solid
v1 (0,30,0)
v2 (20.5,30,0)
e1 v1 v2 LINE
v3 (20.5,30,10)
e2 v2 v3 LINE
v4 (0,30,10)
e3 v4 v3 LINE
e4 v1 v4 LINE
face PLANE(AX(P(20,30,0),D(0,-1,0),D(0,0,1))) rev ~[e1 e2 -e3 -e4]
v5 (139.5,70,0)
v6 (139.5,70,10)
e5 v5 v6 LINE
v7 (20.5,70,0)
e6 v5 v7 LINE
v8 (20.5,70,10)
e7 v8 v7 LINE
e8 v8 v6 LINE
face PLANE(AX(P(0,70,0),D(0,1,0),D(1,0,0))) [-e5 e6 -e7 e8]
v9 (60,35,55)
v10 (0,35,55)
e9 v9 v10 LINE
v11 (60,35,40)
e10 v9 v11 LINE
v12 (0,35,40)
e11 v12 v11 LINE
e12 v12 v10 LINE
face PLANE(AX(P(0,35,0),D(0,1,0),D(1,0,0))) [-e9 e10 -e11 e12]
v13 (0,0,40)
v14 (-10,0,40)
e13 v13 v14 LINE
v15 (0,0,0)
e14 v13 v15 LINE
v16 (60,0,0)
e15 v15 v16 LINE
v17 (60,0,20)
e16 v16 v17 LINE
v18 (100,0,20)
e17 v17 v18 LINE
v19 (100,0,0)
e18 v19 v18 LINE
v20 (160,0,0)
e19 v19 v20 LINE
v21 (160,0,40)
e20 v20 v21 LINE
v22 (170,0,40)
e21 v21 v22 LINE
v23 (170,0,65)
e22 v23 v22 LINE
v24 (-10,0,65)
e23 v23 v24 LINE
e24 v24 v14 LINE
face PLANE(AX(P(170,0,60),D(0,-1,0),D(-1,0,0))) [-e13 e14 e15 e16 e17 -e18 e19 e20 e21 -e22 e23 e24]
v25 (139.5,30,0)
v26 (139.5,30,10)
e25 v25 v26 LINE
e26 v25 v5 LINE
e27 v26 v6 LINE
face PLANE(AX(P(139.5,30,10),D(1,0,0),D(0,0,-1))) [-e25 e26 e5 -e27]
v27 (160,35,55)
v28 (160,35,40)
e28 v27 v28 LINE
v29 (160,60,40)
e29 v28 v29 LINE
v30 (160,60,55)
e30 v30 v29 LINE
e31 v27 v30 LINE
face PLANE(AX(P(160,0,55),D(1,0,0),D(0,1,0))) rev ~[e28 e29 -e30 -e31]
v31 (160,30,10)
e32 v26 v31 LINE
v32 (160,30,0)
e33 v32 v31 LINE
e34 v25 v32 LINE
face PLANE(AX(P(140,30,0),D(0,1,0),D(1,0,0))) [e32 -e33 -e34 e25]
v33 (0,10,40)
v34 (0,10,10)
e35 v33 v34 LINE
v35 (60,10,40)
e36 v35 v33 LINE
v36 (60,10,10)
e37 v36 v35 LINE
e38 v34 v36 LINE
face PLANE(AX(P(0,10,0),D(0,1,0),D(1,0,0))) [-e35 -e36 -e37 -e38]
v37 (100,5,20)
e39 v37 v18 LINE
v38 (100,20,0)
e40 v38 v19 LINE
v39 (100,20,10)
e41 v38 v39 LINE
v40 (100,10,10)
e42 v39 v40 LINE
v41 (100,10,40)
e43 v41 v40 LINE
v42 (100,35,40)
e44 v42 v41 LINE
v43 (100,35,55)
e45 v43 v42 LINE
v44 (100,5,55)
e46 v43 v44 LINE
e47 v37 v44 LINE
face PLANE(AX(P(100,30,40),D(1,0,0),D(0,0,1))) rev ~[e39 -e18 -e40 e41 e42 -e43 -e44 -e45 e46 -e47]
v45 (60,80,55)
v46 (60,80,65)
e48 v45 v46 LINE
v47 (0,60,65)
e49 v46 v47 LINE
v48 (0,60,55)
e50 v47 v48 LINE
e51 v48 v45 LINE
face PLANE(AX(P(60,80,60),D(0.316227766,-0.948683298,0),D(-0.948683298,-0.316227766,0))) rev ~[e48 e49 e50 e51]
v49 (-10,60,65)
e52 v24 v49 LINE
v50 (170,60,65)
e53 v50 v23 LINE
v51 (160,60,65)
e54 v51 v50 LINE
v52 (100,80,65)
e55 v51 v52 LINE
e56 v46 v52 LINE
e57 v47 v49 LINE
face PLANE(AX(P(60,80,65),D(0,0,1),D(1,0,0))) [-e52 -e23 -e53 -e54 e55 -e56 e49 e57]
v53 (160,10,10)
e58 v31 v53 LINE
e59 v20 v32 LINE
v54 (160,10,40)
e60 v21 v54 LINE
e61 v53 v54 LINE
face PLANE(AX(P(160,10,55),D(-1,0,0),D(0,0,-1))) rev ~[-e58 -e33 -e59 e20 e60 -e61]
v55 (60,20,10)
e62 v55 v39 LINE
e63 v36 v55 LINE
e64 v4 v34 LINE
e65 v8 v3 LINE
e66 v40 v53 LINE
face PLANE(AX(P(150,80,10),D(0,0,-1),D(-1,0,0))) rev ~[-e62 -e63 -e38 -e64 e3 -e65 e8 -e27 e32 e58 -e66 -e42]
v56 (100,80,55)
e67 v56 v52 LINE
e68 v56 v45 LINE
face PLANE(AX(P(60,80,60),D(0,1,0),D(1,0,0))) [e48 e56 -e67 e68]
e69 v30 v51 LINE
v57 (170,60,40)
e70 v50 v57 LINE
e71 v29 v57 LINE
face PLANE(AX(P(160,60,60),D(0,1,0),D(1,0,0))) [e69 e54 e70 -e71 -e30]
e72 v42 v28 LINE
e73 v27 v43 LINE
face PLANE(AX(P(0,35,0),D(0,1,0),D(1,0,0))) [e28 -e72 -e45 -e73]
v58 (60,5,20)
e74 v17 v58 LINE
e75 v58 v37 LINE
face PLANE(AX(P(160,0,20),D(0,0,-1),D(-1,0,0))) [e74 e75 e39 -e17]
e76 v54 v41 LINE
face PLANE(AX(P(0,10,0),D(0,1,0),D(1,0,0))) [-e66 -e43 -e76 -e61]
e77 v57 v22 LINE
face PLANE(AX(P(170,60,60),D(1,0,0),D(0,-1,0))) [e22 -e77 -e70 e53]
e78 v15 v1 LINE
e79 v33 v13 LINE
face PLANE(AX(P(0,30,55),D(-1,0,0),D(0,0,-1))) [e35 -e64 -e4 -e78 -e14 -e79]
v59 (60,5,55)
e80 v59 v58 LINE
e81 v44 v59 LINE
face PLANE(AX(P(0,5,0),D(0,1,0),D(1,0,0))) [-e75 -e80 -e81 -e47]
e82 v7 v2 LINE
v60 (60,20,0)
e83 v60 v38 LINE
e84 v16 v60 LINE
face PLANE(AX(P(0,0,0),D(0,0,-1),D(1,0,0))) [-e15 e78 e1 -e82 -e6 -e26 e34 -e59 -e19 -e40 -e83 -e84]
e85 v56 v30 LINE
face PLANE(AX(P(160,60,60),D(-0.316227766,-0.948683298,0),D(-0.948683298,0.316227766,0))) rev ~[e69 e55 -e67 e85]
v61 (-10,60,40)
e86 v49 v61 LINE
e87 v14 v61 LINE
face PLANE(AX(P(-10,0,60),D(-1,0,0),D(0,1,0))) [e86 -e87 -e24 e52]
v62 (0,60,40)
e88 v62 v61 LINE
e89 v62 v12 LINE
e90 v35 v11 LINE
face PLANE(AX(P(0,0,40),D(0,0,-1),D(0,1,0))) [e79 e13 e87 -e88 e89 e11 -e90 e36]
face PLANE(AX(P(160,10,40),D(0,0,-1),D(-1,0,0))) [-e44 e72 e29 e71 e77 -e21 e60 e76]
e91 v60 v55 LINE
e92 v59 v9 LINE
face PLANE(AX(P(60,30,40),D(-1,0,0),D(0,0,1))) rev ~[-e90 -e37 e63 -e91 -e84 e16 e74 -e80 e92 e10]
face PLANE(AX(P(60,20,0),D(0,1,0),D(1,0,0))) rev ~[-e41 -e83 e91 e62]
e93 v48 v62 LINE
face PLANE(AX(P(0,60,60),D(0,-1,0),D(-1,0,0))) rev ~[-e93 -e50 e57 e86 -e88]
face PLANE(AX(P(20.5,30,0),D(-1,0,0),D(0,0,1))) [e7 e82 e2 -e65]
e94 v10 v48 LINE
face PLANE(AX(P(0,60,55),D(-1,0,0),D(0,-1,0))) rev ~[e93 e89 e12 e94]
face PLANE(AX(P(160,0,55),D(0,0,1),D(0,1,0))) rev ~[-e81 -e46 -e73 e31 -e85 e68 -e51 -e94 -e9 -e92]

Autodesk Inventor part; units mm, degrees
ref_plane "YZ Plane" through (0, 0, 0) normal (1, 0, 0) x (0, 1, 0)
ref_plane "XZ Plane" through (0, 0, 0) normal (0, 1, 0) x (-1, 0, 0)
ref_plane "XY Plane" through (0, 0, 0) normal (0, 0, 1) x (1, 0, 0)
sketch "Sketch1" plane through (0, 0, 0) normal (0, 1, 0) x (-1, 0, 0)
  line L0 (0, 0) -> (-160, 0)
  line L1 (-160, 0) -> (-160, 60)
  line L2 (-160, 60) -> (0, 60)
  line L3 (0, 60) -> (0, 0)
  dimension "d0" = 160
  dimension "d1" = 60
extrude "Extrusion1" add sketch "Sketch1" along normal blind 80
sketch "Sketch2" plane through (0, 80, 0) normal (0, 1, 0) x (1, 0, 0)
  line L0 (160, 0) -> (0, 0) projected
  line L1 (160, 0) -> (150, 0)
  line L2 (150, 0) -> (150, -10)
  line L3 (150, -10) -> (160, -10)
  line L4 (160, -10) -> (160, 0)
  line L5 (160, -10) -> (0, -10)
  line L6 (0, -10) -> (0, -40)
  line L7 (0, -40) -> (160, -40)
  line L8 (160, -40) -> (160, -10)
  dimension "d4" = 10
  dimension "d5" = 10
  dimension "d6" = 160
  dimension "d7" = 30
extrude "Extrusion2" cut sketch "Sketch2" against normal blind 70 contours L8 L7 L6 L5 L3
sketch "Sketch3" plane through (0, 80, 0) normal (0, 1, 0) x (1, 0, 0)
  line L0 (160, -40) -> (0, -40) projected
  line L1 (0, -40) -> (160, -40)
  line L2 (160, -40) -> (160, -50)
  line L3 (160, -50) -> (0, -50)
  line L4 (0, -50) -> (0, -40)
  point P0 (0, 0)
  dimension "d10" = 160
  dimension "d11" = 10
extrude "Extrusion3" cut sketch "Sketch3" against normal blind 10
sketch "Sketch4" plane through (160, 10, 40) normal (0, 0, -1) x (-1, 0, 0)
  line L0 (0, 0) -> (160, 0) projected
  arc A0 (160, 0) -> (0, 0) centre (80, -23.3333) ccw
  line L1 (0, 0) -> (0, 60) projected
  line L2 (0, 0) -> (0, 60)
  line L3 (0, 60) -> (80, 60)
  line L4 (160, 60) -> (0, 60) projected
  line L5 (160, 60) -> (160, 0) projected
  line L6 (160, 0) -> (160, 60)
  line L7 (160, 60) -> (80, 60)
  point P0 (160, -10)
extrude "Extrusion4" cut sketch "Sketch4" against normal blind 10 contours L1 L3 A0 | A0 L4 L5
sketch "Sketch5" plane through (160, 0, 0) normal (0, 0, -1) x (-1, 0, 0)
  line L0 (0, 80) -> (160, 80) projected
  line L1 (0, 80) -> (20, 80)
  line L2 (20, 80) -> (20, 30)
  line L3 (20, 30) -> (0, 30)
  line L4 (0, 30) -> (0, 80)
  line L5 (160, 10) -> (160, 80) projected
  line L6 (160, 80) -> (140, 80)
  line L7 (140, 80) -> (140, 30)
  line L8 (140, 30) -> (160, 30)
  line L9 (160, 30) -> (160, 80)
  point P0 (160, 0)
  dimension "d16" = 20
  dimension "d17" = 50
  dimension "d18" = 20
  dimension "d19" = 50
extrude "Extrusion5" cut sketch "Sketch5" against normal blind 10
sketch "Sketch6" plane through (0, 80, 0) normal (0, 1, 0) x (1, 0, 0)
  line L0 (20, 0) -> (20, -10) projected
  line L1 (20, -10) -> (140, -10)
  line L2 (140, -10) -> (140, 0)
  line L3 (140, 0) -> (20, 0)
  line L4 (20, 0) -> (20, -10)
  point P0 (0, 0)
  dimension "d22" = 120
  dimension "d23" = 10
extrude "Extrusion6" cut sketch "Sketch6" against normal blind 10
sketch "Sketch7" plane through (160, 80, 50) normal (0, 0, -1) x (-1, 0, 0)
  line L0 (0, 0) -> (0, -20)
  line L1 (0, -70) -> (0, 0) projected
  line L2 (0, -20) -> (0, 0)
  line L3 (160, 0) -> (0, 0) projected
  line L4 (0, 0) -> (60, 0)
  line L5 (60, 0) -> (0, -20)
  line L6 (0, 0) -> (160, 0) projected
  line L7 (160, 0) -> (160, -20)
  line L8 (160, 0) -> (160, -70) projected
  line L9 (160, 0) -> (100, 0)
  line L10 (100, 0) -> (160, -20)
  point P0 (160, -80)
  dimension "d26" = 20
  dimension "d27" = 60
  dimension "d28" = 20
  dimension "d29" = 60
extrude "Extrusion7" cut sketch "Sketch7" against normal blind 10
sketch "Sketch8" plane through (140, 30, 10) normal (1, 0, 0) x (0, 0, -1)
  line L0 (10, 40) -> (0, 40) projected
  line L1 (10, 0) -> (10, 40) projected
  line L2 (0, 40) -> (10, 40)
  line L3 (10, 40) -> (10, 0)
  line L4 (10, 0) -> (0, 0)
  line L5 (0, 0) -> (0, 40)
  point P0 (10, -30)
extrude "Extrusion8" cut sketch "Sketch8" against normal blind 0.5
sketch "Sketch9" plane through (20, 30, 0) normal (-1, 0, 0) x (0, 0, 1)
  line L0 (10, 40) -> (10, 0) projected
  line L1 (0, 0) -> (10, 0) projected
  line L2 (10, 40) -> (0, 40)
  line L3 (0, 40) -> (0, 0)
  line L4 (0, 0) -> (10, 0)
  line L5 (10, 0) -> (10, 40)
  point P0 (0, -30)
extrude "Extrusion9" cut sketch "Sketch9" against normal blind 0.5
sketch "Sketch11" plane through (80, -13.3333, 40) normal (0, 0, -1) x (-1, 0, 0)
  line L0 (-80, 23.3333) -> (-80, 73.3333) projected
  arc A0 (80, 23.3333) -> (-80, 23.3333) centre (0, 0) ccw
  line L1 (-80, 23.3333) -> (80, 23.3333) projected
  line L2 (-80, 23.3333) -> (80, 23.3333)
  point P0 (80, 13.3333)
extrude "Extrusion10" cut sketch "Sketch11" against normal blind 10
sketch "Sketch12" plane through (160, 10, 50) normal (0, 0, -1) x (-1, 0, 0)
  line L0 (60, 70) -> (0, 50) projected
  line L1 (0, 0) -> (0, 50) projected
  line L2 (160, 0) -> (0, 0) projected
  line L3 (160, 50) -> (160, 0) projected
  line L4 (160, 50) -> (100, 70) projected
  line L5 (60, 70) -> (100, 70) projected
  point P0 (160, -10)
extrude "Extrusion11" cut sketch "Sketch12" against normal blind 5
sketch "Sketch13" plane through (0, 10, 0) normal (0, 1, 0) x (1, 0, 0)
  line L0 (0, -55) -> (160, -55)
  line L1 (160, -55) -> (160, -40)
  line L2 (160, -40) -> (0, -40)
  line L3 (0, -40) -> (0, -55)
  point P0 (0, 0)
  dimension "d40" = 160
  dimension "d41" = 15
extrude "Extrusion12" add sketch "Sketch13" along normal blind 20
sketch "Sketch14" plane through (0, 30, 0) normal (0, 1, 0) x (1, 0, 0)
  line L0 (0, -40) -> (160, -40) projected
  line L1 (160, -40) -> (100, -40)
  line L2 (100, -40) -> (100, -55)
  line L3 (100, -55) -> (160, -55)
  line L4 (160, -55) -> (160, -40)
  line L5 (0, -40) -> (0, -55) projected
  line L6 (60, -55) -> (0, -55) projected
  line L7 (0, -40) -> (60, -40)
  line L8 (60, -40) -> (60, -55)
  line L9 (60, -55) -> (0, -55)
  line L10 (0, -55) -> (0, -40)
  line L11 (100, -40) -> (60, -40)
  line L12 (60, -40) -> (60, -55)
  line L13 (60, -55) -> (100, -55)
  line L14 (100, -55) -> (100, -40)
  point P0 (0, 0)
  dimension "d44" = 60
  dimension "d45" = 15
  dimension "d46" = 60
  dimension "d47" = 15
extrude "Extrusion13" cut sketch "Sketch14" against normal blind 20 contours L0 L2 L13 L8
sketch "Sketch15" plane through (0, 0, 0) normal (-1, 0, 0) x (0, 0, 1)
  line L0 (40, 30) -> (55, 30) projected
  line L1 (60, 0) -> (0, 0) projected
  line L2 (40, 30) -> (60, 30)
  line L3 (60, 30) -> (60, 0)
  line L4 (60, 0) -> (40, 0)
  line L5 (40, 0) -> (40, 30)
  line L6 (55, 80) -> (55, 60) projected
  line L7 (55, 60) -> (60, 60)
  line L8 (60, 60) -> (60, 30)
  line L9 (60, 30) -> (55, 30)
  line L10 (55, 30) -> (55, 60)
extrude "Extrusion14" add sketch "Sketch15" along normal blind 10
sketch "Sketch16" plane through (160, 0, 60) normal (1, 0, 0) x (0, 0, -1)
  line L0 (5, 30) -> (5, 60) projected
  line L1 (0, 0) -> (0, 60) projected
  line L2 (5, 60) -> (0, 60)
  line L3 (0, 60) -> (0, 0)
  line L4 (0, 0) -> (5, 0)
  line L5 (5, 0) -> (5, 60)
  point P0 (60, 0)
extrude "Extrusion15" add sketch "Sketch16" along normal blind 10
sketch "Sketch17" plane through (-10, 0, 0) normal (-1, 0, 0) x (0, 0, 1)
  line L0 (55, 30) -> (40, 30) projected
  line L1 (55, 0) -> (55, 60) projected
  line L2 (40, 30) -> (55, 30)
  line L3 (55, 30) -> (55, 0)
  line L4 (55, 0) -> (40, 0)
  line L5 (40, 0) -> (40, 30)
  point P0 (0, 0)
extrude "Extrusion16" cut sketch "Sketch17" against normal blind 10
sketch "Sketch18" plane through (60, 80, 60) normal (0, 0, 1) x (1, 0, 0)
  line L0 (100, -20) -> (40, 0) projected
  line L1 (0, 0) -> (40, 0) projected
  line L2 (0, 0) -> (-60, -20) projected
  line L3 (-60, -20) -> (-70, -20) projected
  line L4 (-70, -80) -> (-70, -20) projected
  line L5 (110, -80) -> (-70, -80) projected
  line L6 (110, -20) -> (110, -80) projected
  line L7 (100, -20) -> (110, -20) projected
  point P0 (-60, -80)
extrude "Extrusion17" add sketch "Sketch18" along normal blind 5
sketch "Sketch19" plane through (160, 0, 0) normal (0, 0, -1) x (-1, 0, 0)
  line L0 (0, 0) -> (60, 0)
  line L1 (160, 0) -> (0, 0) projected
  line L2 (60, 0) -> (100, 0)
  line L3 (100, 0) -> (100, 20)
  line L4 (100, 20) -> (60, 20)
  line L5 (60, 20) -> (60, 0)
  dimension "d58" = 60
  dimension "d59" = 40
  dimension "d60" = 20
extrude "Extrusion18" cut sketch "Sketch19" against normal blind 20
sketch "Sketch20" plane through (0, 10, 0) normal (0, 1, 0) x (1, 0, 0)
  line L0 (60, 0) -> (60, -20) projected
  line L1 (100, -40) -> (100, -55) projected
  line L2 (60, -20) -> (100, -20)
  line L3 (100, -20) -> (100, -55)
  line L4 (100, -55) -> (60, -55)
  line L5 (60, -55) -> (60, -20)
  point P0 (0, 0)
extrude "Extrusion19" cut sketch "Sketch20" against normal blind 5
sketch "Sketch21" plane through (0, 30, 0) normal (0, 1, 0) x (1, 0, 0)
  line L0 (0, -55) -> (0, 0) projected
  line L1 (0, -55) -> (60, -55)
  line L2 (60, -55) -> (60, -40)
  line L3 (60, -40) -> (0, -40)
  line L4 (0, -40) -> (0, -55)
  line L5 (100, -40) -> (100, -55) projected
  line L6 (160, -55) -> (100, -55) projected
  line L7 (100, -40) -> (160, -40)
  line L8 (160, -40) -> (160, -55)
  line L9 (160, -55) -> (100, -55)
  line L10 (100, -55) -> (100, -40)
extrude "Extrusion20" add sketch "Sketch21" along normal blind 10
sketch "Sketch22" plane through (160, 10, 55) normal (0, 0, -1) x (-1, 0, 0)
  line L0 (0, 50) -> (60, 70) projected
  line L1 (0, -10) -> (-10, -10) projected
  line L2 (0, 50) -> (-10, 50)
  line L3 (-10, 50) -> (-10, -10)
  line L4 (-10, -10) -> (0, -10)
  line L5 (0, -10) -> (0, 50)
  line L6 (160, 50) -> (170, 50) projected
  line L7 (160, -10) -> (170, -10)
  line L8 (170, -10) -> (170, 50)
  line L9 (170, 50) -> (160, 50)
  line L10 (160, 50) -> (160, -10)
extrude "Extrusion21" add sketch "Sketch22" along normal blind 15
sketch "Sketch23" plane through (0, 40, 0) normal (0, 1, 0) x (1, 0, 0)
  line L0 (160, -55) -> (160, -40) projected
  line L1 (100, -40) -> (160, -40) projected
  line L2 (160, -55) -> (100, -55)
  line L3 (100, -55) -> (100, -40)
  line L4 (100, -40) -> (160, -40)
  line L5 (160, -40) -> (160, -55)
  line L6 (0, -40) -> (60, -40) projected
  line L7 (60, -55) -> (0, -55) projected
  line L8 (60, -40) -> (0, -40)
  line L9 (0, -40) -> (0, -55)
  line L10 (0, -55) -> (60, -55)
  line L11 (60, -55) -> (60, -40)
  point P0 (0, 0)
extrude "Extrusion22" cut sketch "Sketch23" against normal blind 5
properties part number "NewLaptopSupport"
